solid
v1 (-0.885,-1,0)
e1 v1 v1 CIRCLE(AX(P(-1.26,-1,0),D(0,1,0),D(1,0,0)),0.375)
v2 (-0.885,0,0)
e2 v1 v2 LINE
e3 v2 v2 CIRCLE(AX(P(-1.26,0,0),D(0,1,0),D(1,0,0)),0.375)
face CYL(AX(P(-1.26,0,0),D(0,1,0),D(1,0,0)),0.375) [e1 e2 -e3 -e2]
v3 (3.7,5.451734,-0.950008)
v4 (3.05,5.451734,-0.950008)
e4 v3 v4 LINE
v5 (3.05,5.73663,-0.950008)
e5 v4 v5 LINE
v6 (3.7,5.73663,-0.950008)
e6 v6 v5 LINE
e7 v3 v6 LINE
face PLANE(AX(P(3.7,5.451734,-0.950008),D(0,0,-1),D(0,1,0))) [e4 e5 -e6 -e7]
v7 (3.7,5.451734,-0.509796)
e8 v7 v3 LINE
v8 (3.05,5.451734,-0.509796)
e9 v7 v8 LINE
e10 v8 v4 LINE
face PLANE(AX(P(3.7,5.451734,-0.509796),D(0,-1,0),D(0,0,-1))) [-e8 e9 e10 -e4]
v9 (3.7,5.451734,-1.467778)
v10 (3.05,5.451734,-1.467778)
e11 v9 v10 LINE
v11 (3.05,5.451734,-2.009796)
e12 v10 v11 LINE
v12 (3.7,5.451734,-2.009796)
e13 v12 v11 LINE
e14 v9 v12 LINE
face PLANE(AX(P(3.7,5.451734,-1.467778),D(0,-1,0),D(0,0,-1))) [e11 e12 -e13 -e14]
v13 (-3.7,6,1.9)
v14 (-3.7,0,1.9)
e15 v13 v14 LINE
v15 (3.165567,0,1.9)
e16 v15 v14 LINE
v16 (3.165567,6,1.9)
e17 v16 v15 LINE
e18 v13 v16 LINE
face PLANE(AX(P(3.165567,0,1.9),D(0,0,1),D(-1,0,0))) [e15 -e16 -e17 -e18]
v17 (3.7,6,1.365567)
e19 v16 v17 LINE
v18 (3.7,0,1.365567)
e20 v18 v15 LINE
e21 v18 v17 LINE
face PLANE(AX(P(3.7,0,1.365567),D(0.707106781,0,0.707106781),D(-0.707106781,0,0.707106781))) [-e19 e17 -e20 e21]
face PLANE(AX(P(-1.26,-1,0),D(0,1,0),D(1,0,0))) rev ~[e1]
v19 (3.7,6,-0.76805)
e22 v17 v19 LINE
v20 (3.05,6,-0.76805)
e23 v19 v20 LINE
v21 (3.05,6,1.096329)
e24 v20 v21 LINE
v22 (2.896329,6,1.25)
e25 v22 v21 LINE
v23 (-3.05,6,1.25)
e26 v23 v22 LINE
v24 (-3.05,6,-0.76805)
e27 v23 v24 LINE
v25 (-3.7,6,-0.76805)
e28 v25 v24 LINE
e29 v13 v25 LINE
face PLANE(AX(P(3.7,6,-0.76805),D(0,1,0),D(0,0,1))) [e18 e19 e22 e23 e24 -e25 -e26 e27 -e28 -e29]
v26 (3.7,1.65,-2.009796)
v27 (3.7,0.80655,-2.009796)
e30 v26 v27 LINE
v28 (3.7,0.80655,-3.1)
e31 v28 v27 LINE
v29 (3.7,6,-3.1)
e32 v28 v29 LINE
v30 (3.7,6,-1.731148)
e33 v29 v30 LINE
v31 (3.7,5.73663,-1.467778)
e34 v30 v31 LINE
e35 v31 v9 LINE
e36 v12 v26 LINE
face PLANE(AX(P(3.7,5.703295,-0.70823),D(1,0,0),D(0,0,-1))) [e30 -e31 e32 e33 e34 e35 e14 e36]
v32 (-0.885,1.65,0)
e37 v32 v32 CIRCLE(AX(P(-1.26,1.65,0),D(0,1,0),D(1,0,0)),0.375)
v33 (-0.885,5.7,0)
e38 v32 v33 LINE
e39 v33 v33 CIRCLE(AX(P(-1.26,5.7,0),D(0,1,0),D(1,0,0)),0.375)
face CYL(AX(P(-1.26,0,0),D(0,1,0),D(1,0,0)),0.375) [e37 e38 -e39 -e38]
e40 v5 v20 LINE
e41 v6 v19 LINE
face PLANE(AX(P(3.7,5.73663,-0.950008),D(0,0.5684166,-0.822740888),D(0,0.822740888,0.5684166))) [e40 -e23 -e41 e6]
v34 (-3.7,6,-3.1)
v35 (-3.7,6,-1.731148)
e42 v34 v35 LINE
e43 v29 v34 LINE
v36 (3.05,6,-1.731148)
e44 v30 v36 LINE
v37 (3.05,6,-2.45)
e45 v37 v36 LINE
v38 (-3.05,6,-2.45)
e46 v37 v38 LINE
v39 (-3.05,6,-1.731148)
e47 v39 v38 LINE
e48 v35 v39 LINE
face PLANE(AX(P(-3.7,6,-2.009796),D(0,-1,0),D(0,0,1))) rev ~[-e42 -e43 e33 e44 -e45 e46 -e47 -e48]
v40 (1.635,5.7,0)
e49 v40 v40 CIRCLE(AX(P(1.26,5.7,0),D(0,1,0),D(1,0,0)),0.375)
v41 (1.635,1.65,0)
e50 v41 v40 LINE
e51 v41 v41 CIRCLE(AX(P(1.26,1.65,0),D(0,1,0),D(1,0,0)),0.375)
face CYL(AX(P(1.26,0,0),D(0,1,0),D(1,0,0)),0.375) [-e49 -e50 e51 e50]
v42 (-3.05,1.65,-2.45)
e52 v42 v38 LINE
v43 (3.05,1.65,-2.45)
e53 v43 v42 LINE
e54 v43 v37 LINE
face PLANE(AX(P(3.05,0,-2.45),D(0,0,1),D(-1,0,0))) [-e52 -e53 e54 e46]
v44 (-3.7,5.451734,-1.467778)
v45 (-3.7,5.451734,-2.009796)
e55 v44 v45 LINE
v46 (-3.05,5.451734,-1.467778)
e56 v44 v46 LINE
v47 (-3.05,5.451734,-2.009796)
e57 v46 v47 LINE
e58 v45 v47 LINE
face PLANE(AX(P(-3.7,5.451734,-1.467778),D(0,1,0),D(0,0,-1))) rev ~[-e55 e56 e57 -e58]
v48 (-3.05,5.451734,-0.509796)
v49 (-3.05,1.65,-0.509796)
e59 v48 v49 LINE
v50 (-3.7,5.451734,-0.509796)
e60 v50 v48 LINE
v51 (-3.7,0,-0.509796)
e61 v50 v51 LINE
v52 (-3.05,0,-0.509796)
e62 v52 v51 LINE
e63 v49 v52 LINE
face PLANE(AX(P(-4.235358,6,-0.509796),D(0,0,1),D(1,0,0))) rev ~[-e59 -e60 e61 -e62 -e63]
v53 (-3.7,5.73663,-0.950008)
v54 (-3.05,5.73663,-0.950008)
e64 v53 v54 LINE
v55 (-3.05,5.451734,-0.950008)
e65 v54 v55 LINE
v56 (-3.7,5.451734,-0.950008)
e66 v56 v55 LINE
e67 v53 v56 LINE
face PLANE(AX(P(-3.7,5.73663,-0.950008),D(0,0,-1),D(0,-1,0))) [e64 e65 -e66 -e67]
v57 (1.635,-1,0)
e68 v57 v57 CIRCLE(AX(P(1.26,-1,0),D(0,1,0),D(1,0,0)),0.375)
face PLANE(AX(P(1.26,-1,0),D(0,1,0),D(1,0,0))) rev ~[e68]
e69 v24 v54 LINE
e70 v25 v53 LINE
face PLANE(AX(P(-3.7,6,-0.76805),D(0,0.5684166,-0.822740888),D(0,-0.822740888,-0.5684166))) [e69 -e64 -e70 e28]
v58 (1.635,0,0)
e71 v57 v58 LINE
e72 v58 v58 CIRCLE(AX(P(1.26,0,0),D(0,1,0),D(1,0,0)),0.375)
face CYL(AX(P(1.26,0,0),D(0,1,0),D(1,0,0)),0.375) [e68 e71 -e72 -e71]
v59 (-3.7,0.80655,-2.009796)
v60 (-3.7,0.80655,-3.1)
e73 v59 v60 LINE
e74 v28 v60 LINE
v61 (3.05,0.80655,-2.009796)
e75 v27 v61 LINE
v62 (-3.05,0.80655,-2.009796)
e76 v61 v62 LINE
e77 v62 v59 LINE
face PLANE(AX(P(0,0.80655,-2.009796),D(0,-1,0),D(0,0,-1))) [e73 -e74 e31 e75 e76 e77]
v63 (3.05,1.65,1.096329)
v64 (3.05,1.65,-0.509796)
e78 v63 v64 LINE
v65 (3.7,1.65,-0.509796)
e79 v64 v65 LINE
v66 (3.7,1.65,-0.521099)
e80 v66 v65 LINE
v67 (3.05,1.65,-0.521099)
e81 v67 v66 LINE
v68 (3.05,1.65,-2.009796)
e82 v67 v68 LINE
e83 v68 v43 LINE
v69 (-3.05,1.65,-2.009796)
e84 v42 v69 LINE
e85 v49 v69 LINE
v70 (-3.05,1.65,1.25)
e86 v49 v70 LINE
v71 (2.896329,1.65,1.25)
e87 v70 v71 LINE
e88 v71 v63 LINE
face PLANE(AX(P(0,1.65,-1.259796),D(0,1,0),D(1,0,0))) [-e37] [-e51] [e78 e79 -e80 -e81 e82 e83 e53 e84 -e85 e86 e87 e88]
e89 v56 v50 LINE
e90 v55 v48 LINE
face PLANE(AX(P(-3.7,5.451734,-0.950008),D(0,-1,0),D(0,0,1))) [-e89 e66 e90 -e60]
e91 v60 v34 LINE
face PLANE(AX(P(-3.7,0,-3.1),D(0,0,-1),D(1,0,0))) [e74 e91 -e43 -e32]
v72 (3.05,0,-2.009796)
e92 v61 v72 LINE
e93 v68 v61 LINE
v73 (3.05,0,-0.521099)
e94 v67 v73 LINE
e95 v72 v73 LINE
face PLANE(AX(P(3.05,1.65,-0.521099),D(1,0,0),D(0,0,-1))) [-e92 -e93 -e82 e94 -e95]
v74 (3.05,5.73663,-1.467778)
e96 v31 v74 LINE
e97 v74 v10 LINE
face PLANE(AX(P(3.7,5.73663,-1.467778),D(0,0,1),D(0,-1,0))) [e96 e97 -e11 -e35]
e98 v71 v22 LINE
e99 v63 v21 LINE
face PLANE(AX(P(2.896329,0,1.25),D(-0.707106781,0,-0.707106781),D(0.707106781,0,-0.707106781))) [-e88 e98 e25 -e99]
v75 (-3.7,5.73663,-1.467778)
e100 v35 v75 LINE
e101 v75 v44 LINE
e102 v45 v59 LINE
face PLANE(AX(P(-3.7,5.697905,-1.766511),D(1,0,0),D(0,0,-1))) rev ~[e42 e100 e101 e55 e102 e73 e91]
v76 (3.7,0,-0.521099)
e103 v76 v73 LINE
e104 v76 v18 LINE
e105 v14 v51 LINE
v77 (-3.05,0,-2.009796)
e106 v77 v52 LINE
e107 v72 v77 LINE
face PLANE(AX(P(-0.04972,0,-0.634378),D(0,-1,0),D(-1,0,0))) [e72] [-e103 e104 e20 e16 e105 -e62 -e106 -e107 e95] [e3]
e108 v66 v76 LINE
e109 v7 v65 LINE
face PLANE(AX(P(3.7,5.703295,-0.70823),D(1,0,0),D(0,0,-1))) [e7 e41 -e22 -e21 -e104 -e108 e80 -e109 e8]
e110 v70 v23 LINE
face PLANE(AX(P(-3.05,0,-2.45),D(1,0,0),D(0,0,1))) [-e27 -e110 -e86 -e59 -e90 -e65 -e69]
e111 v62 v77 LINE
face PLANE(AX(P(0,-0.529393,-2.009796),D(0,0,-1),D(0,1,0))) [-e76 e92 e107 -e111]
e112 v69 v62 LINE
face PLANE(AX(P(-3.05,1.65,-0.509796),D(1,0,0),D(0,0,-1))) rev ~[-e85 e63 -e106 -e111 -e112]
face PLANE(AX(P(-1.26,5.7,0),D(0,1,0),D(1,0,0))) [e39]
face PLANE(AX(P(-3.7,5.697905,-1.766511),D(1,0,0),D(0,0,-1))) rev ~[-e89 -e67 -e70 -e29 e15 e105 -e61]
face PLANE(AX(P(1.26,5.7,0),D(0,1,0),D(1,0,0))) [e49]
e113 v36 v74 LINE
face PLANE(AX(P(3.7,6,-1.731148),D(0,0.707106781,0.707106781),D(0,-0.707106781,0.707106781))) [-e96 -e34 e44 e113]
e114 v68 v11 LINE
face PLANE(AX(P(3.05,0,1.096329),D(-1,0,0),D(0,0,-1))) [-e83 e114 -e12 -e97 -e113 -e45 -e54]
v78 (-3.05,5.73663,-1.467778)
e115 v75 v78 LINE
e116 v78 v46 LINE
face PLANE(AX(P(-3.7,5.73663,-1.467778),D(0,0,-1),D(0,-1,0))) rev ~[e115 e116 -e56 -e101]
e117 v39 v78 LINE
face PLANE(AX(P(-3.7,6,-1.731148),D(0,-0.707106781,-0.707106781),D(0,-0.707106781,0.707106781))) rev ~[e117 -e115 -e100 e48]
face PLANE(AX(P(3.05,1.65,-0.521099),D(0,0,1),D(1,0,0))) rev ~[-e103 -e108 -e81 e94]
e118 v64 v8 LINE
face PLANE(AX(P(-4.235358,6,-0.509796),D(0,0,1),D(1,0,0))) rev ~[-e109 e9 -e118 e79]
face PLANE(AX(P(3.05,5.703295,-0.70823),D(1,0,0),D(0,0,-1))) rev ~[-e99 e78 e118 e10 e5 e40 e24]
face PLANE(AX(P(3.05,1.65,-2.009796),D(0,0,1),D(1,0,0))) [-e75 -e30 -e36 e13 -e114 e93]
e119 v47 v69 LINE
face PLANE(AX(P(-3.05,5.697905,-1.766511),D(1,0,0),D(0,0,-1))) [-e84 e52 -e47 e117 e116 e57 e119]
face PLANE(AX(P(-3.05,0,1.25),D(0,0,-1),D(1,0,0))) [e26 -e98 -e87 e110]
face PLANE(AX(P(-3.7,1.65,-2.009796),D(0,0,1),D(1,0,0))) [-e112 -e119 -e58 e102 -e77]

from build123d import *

# Parameters (mm, degrees)
SKETCH1_R                  = 0.375
BOSS_EXTRUDE1_DEPTH        = 5.7
BOSS_EXTRUDE1_DEPTH_BACK   = 1
BOSS_EXTRUDE1_2_DEPTH      = 5.7
BOSS_EXTRUDE1_2_DEPTH_BACK = 1
BOSS_EXTRUDE2_DEPTH        = 1.65
BOSS_EXTRUDE4_DEPTH        = 6
SKETCH5_W                  = 8.470715742
SKETCH5_H                  = 1.5
CUT_EXTRUDE1_DEPTH         = 4.35
BOSS_EXTRUDE5_DEPTH        = 0.65
BOSS_EXTRUDE6_DEPTH        = 0.65
SKETCH8_W                  = 1.741902436
SKETCH8_H                  = 1.335943606
CUT_EXTRUDE2_DEPTH         = 4.7
CUT_EXTRUDE2_DEPTH_BACK    = 4.7
SKETCH10_W                 = 0.65
SKETCH10_H                 = 1.488696467
SKETCH10_H_2               = 1.5
CUT_EXTRUDE3_DEPTH         = 10


with BuildPart() as part:
    # Sketch1 → Boss-Extrude1 (new body, two sides)
    with BuildSketch(Plane(origin=(0, 0, 0), x_dir=(1, 0, 0), z_dir=(0, 1, 0))) as boss_extrude1_sk:
        with Locations((-1.26, 0)):
            Circle(SKETCH1_R)
    extrude(amount=BOSS_EXTRUDE1_DEPTH)
    extrude(boss_extrude1_sk.sketch, amount=-BOSS_EXTRUDE1_DEPTH_BACK)



with BuildPart() as body_2:
    # Sketch1 → Boss-Extrude1 2 (new body, two sides)
    with BuildSketch(Plane(origin=(0, 0, 0), x_dir=(1, 0, 0), z_dir=(0, 1, 0))) as boss_extrude1_2_sk:
        with Locations((1.26, 0)):
            Circle(SKETCH1_R)
    extrude(amount=BOSS_EXTRUDE1_2_DEPTH)
    extrude(boss_extrude1_2_sk.sketch, amount=-BOSS_EXTRUDE1_2_DEPTH_BACK)


with BuildPart() as part_1:
    add(part.part)

    add(body_2.part)  # Boss-Extrude2 merges body 2
    # Sketch2 → Boss-Extrude2 (add)
    with BuildSketch(Plane(origin=(0, 0, 0), x_dir=(1, 0, 0), z_dir=(0, 1, 0))):
        Polygon((3.7, -1.365567335), (3.165567335, -1.9), (-3.7, -1.9), (-3.7, 3.1), (3.7, 3.1), align=None)
    extrude(amount=BOSS_EXTRUDE2_DEPTH)

    # Sketch4 → Boss-Extrude4 (add)
    with BuildSketch(Plane(origin=(0, 0, 0), x_dir=(1, 0, 0), z_dir=(0, 1, 0))):
        Polygon((3.165567335, -1.9), (3.7, -1.365567335), (3.7, 3.1), (-3.7, 3.1), (-3.7, -1.9), align=None)
        Polygon((-3.05, -1.25), (2.89632852, -1.25), (3.05, -1.09632852), (3.05, 2.45), (-3.05, 2.45), align=None, mode=Mode.SUBTRACT)
    extrude(amount=BOSS_EXTRUDE4_DEPTH)

    # Sketch5 → Cut-Extrude1 (cut)
    with BuildSketch(Plane(origin=(0, 6, 0), x_dir=(1, 0, 0), z_dir=(0, 1, 0))):
        with Locations((0, 1.259795506)):
            Rectangle(SKETCH5_W, SKETCH5_H)
    extrude(amount=-CUT_EXTRUDE1_DEPTH, mode=Mode.SUBTRACT)

    # Sketch6 → Boss-Extrude5 (add)
    with BuildSketch(Plane.ZY.offset(3.7)):
        Polygon((-2.009795506, 6), (-1.731148103, 6), (-1.467778214, 5.736630111), (-1.467778214, 5.451734295), (-2.009795506, 5.451734295), align=None)
        Polygon((-0.509795506, 6), (-0.768050416, 6), (-0.950007845, 5.736630111), (-0.950007845, 5.451734295), (-0.509795506, 5.451734295), align=None)
    extrude(amount=-BOSS_EXTRUDE5_DEPTH)

    # Sketch7 → Boss-Extrude6 (add)
    with BuildSketch(Plane(origin=(3.7, 0, 0), x_dir=(0, 0, -1), z_dir=(1, 0, 0))):
        Polygon((0.768050416, 6), (0.509795506, 6), (0.509795506, 5.451734295), (0.950007845, 5.451734295), (0.950007845, 5.736630111), align=None)
        Polygon((2.009795506, 6), (1.731148103, 6), (1.467778214, 5.736630111), (1.467778214, 5.451734295), (2.009795506, 5.451734295), align=None)
    extrude(amount=-BOSS_EXTRUDE6_DEPTH)

    # Sketch8 → Cut-Extrude2 (cut, two sides)
    with BuildSketch(Plane(origin=(0, 0, 0), x_dir=(0, 0, -1), z_dir=(1, 0, 0))) as cut_extrude2_sk:
        with Locations((2.880746724, 0.138578557)):
            Rectangle(SKETCH8_W, SKETCH8_H)
    extrude(amount=CUT_EXTRUDE2_DEPTH, mode=Mode.SUBTRACT)
    extrude(cut_extrude2_sk.sketch, amount=-CUT_EXTRUDE2_DEPTH_BACK, mode=Mode.SUBTRACT)

    # Sketch10 → Cut-Extrude3 (cut)
    with BuildSketch(Plane(origin=(0, 1.65, 0), x_dir=(1, 0, 0), z_dir=(0, 1, 0))):
        with Locations((3.375, 1.265447273)):
            Rectangle(SKETCH10_W, SKETCH10_H)
        with Locations((-3.375, 1.259795506)):
            Rectangle(SKETCH10_W, SKETCH10_H_2)
    extrude(amount=-CUT_EXTRUDE3_DEPTH, mode=Mode.SUBTRACT)


solid = part_1.part
